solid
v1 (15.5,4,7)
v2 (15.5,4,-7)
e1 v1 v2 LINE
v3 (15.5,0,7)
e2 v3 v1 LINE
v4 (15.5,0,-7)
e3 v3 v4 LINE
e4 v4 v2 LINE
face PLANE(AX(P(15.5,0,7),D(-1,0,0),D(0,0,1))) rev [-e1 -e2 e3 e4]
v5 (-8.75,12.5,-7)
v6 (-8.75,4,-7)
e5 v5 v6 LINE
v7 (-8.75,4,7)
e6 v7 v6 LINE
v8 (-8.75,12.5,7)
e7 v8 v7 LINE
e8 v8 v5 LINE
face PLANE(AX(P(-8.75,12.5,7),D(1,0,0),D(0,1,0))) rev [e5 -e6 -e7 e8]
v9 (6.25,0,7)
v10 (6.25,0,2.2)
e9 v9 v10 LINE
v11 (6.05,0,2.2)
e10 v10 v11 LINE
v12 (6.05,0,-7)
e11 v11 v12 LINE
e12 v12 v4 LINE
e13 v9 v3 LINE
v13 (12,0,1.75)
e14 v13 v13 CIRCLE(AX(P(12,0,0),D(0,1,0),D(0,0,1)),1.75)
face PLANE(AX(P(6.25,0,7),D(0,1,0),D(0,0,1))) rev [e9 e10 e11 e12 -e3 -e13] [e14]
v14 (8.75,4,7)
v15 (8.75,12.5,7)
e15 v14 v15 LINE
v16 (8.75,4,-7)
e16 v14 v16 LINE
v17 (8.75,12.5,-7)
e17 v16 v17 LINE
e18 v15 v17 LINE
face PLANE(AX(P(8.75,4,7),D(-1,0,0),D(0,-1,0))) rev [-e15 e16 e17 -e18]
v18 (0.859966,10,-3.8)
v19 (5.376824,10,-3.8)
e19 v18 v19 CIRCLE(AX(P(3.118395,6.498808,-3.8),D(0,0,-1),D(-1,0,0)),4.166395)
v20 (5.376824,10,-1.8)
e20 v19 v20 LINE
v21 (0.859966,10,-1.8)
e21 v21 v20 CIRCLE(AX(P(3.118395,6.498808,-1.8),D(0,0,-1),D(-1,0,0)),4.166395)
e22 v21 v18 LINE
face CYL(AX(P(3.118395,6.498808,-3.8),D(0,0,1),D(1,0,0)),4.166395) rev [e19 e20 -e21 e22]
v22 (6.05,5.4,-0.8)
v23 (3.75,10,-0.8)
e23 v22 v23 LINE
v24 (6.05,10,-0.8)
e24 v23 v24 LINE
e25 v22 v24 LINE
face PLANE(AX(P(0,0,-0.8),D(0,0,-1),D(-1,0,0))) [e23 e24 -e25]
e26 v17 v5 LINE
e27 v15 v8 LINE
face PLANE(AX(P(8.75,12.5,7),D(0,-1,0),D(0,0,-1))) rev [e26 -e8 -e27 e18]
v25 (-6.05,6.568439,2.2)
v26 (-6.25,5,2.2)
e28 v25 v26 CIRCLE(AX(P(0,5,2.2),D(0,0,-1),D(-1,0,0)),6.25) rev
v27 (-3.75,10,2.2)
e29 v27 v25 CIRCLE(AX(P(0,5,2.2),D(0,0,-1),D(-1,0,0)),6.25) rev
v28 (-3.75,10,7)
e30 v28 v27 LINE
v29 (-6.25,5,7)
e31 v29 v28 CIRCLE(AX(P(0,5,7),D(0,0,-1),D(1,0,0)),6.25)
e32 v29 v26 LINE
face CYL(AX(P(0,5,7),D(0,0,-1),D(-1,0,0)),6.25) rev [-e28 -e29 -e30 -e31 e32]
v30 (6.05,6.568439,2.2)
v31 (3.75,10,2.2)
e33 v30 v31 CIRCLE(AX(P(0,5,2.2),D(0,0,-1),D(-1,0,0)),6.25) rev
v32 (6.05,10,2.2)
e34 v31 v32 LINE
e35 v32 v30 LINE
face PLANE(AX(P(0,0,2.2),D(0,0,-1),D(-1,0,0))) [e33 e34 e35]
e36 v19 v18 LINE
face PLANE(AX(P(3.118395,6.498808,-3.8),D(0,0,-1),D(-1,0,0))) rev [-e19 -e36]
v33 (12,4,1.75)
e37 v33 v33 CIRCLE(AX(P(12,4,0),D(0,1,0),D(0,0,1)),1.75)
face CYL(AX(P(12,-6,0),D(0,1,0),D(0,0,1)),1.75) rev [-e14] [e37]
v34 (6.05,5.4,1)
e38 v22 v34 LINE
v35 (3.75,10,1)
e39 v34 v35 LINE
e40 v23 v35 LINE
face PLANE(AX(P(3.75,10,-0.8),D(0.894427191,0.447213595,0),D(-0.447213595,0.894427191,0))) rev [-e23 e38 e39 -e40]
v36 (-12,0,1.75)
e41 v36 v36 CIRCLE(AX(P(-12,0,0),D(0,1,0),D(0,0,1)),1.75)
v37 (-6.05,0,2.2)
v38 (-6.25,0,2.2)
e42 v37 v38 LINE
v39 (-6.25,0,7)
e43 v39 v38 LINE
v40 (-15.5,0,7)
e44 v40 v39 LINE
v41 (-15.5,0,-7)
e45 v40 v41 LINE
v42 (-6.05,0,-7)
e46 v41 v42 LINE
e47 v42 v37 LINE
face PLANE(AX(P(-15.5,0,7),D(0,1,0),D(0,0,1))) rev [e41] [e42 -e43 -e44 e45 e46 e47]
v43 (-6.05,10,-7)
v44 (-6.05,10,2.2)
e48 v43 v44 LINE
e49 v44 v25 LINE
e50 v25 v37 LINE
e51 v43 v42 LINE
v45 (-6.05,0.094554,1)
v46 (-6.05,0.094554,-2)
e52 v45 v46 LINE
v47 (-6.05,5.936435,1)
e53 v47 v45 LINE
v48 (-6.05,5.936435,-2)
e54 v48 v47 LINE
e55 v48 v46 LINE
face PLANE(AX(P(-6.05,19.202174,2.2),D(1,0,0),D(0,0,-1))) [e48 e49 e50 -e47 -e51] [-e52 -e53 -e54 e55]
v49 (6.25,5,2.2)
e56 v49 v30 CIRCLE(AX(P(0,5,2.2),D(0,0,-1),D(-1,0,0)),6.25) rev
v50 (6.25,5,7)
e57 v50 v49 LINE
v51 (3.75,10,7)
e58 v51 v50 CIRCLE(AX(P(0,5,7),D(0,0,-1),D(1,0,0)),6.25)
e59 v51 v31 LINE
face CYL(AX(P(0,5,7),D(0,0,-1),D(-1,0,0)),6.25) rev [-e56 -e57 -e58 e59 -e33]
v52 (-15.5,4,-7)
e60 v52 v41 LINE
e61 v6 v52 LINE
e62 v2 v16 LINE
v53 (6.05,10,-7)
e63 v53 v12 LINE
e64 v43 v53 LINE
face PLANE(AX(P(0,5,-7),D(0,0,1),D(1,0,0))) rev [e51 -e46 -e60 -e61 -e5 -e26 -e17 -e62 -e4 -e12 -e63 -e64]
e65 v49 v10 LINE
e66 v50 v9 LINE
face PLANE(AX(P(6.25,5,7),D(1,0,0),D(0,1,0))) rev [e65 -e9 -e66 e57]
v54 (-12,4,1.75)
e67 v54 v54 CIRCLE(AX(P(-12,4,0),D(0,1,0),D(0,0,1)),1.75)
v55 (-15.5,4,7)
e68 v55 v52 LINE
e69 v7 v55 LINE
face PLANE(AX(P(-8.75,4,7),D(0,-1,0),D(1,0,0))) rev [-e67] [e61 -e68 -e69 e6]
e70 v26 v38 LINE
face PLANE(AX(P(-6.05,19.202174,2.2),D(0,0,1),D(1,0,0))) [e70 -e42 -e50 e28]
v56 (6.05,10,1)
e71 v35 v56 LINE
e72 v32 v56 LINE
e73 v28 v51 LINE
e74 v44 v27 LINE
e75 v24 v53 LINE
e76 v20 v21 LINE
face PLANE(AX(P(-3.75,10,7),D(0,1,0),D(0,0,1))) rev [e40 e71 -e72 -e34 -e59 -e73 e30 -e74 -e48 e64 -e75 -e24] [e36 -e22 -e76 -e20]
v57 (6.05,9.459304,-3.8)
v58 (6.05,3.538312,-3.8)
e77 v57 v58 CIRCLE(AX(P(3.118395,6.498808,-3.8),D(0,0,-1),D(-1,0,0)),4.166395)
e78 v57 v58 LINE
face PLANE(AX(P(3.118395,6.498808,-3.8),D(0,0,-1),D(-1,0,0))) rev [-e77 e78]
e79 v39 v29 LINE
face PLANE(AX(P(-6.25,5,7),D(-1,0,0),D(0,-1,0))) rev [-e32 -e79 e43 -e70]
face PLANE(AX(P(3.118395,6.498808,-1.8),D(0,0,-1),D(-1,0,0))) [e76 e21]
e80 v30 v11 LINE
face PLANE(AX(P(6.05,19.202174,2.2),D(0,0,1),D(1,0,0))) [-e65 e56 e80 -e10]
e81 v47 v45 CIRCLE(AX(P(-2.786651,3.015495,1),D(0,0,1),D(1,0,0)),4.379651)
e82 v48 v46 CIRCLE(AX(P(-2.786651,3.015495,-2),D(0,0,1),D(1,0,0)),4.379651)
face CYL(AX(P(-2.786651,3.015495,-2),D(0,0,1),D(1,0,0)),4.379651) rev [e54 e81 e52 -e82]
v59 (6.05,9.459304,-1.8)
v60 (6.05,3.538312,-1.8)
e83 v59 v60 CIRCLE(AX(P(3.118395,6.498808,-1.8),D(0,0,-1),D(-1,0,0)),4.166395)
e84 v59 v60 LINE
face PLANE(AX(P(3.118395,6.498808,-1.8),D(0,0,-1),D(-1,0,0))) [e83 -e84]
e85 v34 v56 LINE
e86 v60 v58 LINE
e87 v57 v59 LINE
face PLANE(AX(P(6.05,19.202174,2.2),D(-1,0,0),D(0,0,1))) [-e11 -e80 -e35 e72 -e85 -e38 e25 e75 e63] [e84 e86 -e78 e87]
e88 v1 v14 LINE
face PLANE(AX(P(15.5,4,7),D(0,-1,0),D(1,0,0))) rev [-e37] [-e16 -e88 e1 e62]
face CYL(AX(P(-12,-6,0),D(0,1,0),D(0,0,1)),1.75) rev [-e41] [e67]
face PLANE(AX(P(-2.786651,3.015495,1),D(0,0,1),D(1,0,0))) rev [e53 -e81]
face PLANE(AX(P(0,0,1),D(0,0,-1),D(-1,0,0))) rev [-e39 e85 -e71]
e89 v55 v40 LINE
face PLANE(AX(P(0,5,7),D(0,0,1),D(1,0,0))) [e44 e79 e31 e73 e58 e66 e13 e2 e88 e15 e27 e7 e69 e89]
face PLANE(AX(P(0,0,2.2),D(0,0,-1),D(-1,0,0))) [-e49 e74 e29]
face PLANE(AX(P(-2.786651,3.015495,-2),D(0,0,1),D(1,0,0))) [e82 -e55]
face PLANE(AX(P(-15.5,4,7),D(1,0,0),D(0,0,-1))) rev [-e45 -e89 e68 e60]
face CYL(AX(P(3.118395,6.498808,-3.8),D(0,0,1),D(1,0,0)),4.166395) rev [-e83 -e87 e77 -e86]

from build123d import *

# Parameters (mm, degrees)
BOSS_EXTRU_1_DEPTH      = 7
ENL_V_MAT_EXTRU_1_DEPTH = 1.5
ESQUISSE3_R             = 1.75
ENL_V_MAT_EXTRU_2_DEPTH = 8.5
ESQUISSE4_W             = 12.5
ESQUISSE4_H             = 5
ENL_V_MAT_EXTRU_3_DEPTH = 9.2
BOSS_EXTRU_2_START      = 1.2
BOSS_EXTRU_2_DEPTH      = 1.8
BOSS_EXTRU_3_REACH      = 23.107
ESQUISSE8_W             = 0.2
ESQUISSE8_H             = 9.2
ESQUISSE6_R             = 4.379651067
ENL_V_MAT_EXTRU_4_DEPTH = 3
ENL_V_START             = 1
ESQUISSE7_R             = 4.166394869
ENL_V_MAT_EXTRU_5_DEPTH = 2
BOSS_EXTRU_4_START      = 1.5
ESQUISSE9_R             = 1.75
BOSS_EXTRU_4_DEPTH      = 1.5


with BuildPart() as part:
    # Esquisse1 → Boss.-Extru.1 (new, symmetric)
    with BuildSketch(Plane.XY):
        with BuildLine():
            Line((-15.5, 0), (-6.25, 0))
            Line((-6.25, 0), (-6.25, 5))
            ThreePointArc((-6.25, 5), (-5.590169944, 7.795084972), (-3.75, 10))
            Line((-3.75, 10), (3.75, 10))
            ThreePointArc((3.75, 10), (5.590169944, 7.795084972), (6.25, 5))
            Line((6.25, 5), (6.25, 0))
            Line((6.25, 0), (15.5, 0))
            Line((15.5, 0), (15.5, 4))
            Line((15.5, 4), (8.75, 4))
            Line((8.75, 4), (8.75, 12.5))
            Line((8.75, 12.5), (-8.75, 12.5))
            Line((-8.75, 12.5), (-8.75, 4))
            Line((-8.75, 4), (-15.5, 4))
            Line((-15.5, 4), (-15.5, 0))
        make_face()
    extrude(amount=BOSS_EXTRU_1_DEPTH, both=True)

    # Esquisse2 → Enlèv. mat.-Extru.1 (cut)
    with BuildSketch(Plane(origin=(0, 4, 0), x_dir=(1, 0, 0), z_dir=(0, 1, 0))):
        Polygon((-9.1, -1.674315781), (-9.1, 1.674315781), (-12, 3.348631561), (-14.9, 1.674315781), (-14.9, -1.674315781), (-12, -3.348631561), align=None)
        Polygon((9.1, -1.674315781), (12, -3.348631561), (14.9, -1.674315781), (14.9, 1.674315781), (12, 3.348631561), (9.1, 1.674315781), align=None)
    extrude(amount=-ENL_V_MAT_EXTRU_1_DEPTH, mode=Mode.SUBTRACT)

    # Esquisse3 → Enlèv. mat.-Extru.2 (cut)
    with BuildSketch(Plane(origin=(0, 2.5, 0), x_dir=(1, 0, 0), z_dir=(0, 1, 0))):
        with Locations(Location((-12, 0, 0), (0, 0, 270))):
            Circle(ESQUISSE3_R)
        with Locations(Location((12, 0, 0), (0, 0, 270))):
            Circle(ESQUISSE3_R)
    extrude(amount=-ENL_V_MAT_EXTRU_2_DEPTH, mode=Mode.SUBTRACT)

    # Esquisse4 → Enlèv. mat.-Extru.3 (cut)
    with BuildSketch(Plane(origin=(0, 0, -7), x_dir=(-1, 0, 0), z_dir=(0, 0, -1))):
        with Locations((0, 7.5)):
            Rectangle(ESQUISSE4_W, ESQUISSE4_H)
    extrude(amount=-ENL_V_MAT_EXTRU_3_DEPTH, mode=Mode.SUBTRACT)

    # Esquisse5 → Boss.-Extru.2 (add)
    with BuildSketch(Plane(origin=(0, 0, 2.2), x_dir=(-1, 0, 0), z_dir=(0, 0, -1)).offset(BOSS_EXTRU_2_START)):
        Polygon((-3.75, 10), (-6.25, 5), (-6.25, 10), align=None)
    extrude(amount=BOSS_EXTRU_2_DEPTH)

    # Boss.-Extru.3: up to this face of the body (flat: up to its plane)
    boss_extru_3_end = Plane(part.part.faces().sort_by_distance((-0.153583618, 10, -0.75665529))[0])
    # Esquisse8 → Boss.-Extru.3 (add, up to the picked face)
    with BuildSketch(Plane.XZ, mode=Mode.PRIVATE) as boss_extru_3_sk1:
        with Locations((6.15, -2.4)):
            Rectangle(ESQUISSE8_W, ESQUISSE8_H)
    boss_extru_3_tool1 = split(extrude(boss_extru_3_sk1.sketch, amount=-BOSS_EXTRU_3_REACH, mode=Mode.PRIVATE), bisect_by=boss_extru_3_end, keep=Keep.BOTH, mode=Mode.PRIVATE)
    # Esquisse8 → Boss.-Extru.3 (add, up to the picked face)
    with BuildSketch(Plane.XZ, mode=Mode.PRIVATE) as boss_extru_3_sk2:
        with Locations((-6.15, -2.4)):
            Rectangle(ESQUISSE8_W, ESQUISSE8_H)
    boss_extru_3_tool2 = split(extrude(boss_extru_3_sk2.sketch, amount=-BOSS_EXTRU_3_REACH, mode=Mode.PRIVATE), bisect_by=boss_extru_3_end, keep=Keep.BOTH, mode=Mode.PRIVATE)
    add(boss_extru_3_tool1.solids().sort_by(Axis((6.15, 0, -2.4), (0, 1, 0)))[0])
    add(boss_extru_3_tool2.solids().sort_by(Axis((-6.15, 0, -2.4), (0, 1, 0)))[0])

    # Esquisse6 → Enlèv. mat.-Extru.4 (cut)
    with BuildSketch(Plane.XY.offset(1)):
        with Locations((-2.786650878, 3.015494516)):
            Circle(ESQUISSE6_R)
    extrude(amount=-ENL_V_MAT_EXTRU_4_DEPTH, mode=Mode.SUBTRACT)

    # Esquisse7 → Enlèv. mat.-Extru.5 (cut)
    with BuildSketch(Plane(origin=(0, 0, -0.8), x_dir=(-1, 0, 0), z_dir=(0, 0, -1)).offset(ENL_V_START)):
        with Locations((-3.11839503, 6.498808114)):
            Circle(ESQUISSE7_R)
    extrude(amount=ENL_V_MAT_EXTRU_5_DEPTH, mode=Mode.SUBTRACT)

    # Esquisse9 → Boss.-Extru.4 (add)
    # profile 1 of 2: a face of its own
    with BuildSketch(Plane(origin=(0, 2.5, 0), x_dir=(1, 0, 0), z_dir=(0, 1, 0)).offset(BOSS_EXTRU_4_START)):
        Polygon((9.1, 1.674315781), (9.1, -1.674315781), (12, -3.348631561), (14.9, -1.674315781), (14.9, 1.674315781), (12, 3.348631561), align=None)
        with Locations(Location((12, 0, 0), (0, 0, 270))):
            Circle(ESQUISSE9_R, mode=Mode.SUBTRACT)
    # profile 2 of 2: a face of its own
    with BuildSketch(Plane(origin=(0, 2.5, 0), x_dir=(1, 0, 0), z_dir=(0, 1, 0)).offset(BOSS_EXTRU_4_START)):
        Polygon((-12, -3.348631561), (-9.1, -1.674315781), (-9.1, 1.674315781), (-12, 3.348631561), (-14.9, 1.674315781), (-14.9, -1.674315781), align=None)
        with Locations(Location((-12, 0, 0), (0, 0, 270))):
            Circle(ESQUISSE9_R, mode=Mode.SUBTRACT)
    extrude(amount=-BOSS_EXTRU_4_DEPTH)


solid = part.part
